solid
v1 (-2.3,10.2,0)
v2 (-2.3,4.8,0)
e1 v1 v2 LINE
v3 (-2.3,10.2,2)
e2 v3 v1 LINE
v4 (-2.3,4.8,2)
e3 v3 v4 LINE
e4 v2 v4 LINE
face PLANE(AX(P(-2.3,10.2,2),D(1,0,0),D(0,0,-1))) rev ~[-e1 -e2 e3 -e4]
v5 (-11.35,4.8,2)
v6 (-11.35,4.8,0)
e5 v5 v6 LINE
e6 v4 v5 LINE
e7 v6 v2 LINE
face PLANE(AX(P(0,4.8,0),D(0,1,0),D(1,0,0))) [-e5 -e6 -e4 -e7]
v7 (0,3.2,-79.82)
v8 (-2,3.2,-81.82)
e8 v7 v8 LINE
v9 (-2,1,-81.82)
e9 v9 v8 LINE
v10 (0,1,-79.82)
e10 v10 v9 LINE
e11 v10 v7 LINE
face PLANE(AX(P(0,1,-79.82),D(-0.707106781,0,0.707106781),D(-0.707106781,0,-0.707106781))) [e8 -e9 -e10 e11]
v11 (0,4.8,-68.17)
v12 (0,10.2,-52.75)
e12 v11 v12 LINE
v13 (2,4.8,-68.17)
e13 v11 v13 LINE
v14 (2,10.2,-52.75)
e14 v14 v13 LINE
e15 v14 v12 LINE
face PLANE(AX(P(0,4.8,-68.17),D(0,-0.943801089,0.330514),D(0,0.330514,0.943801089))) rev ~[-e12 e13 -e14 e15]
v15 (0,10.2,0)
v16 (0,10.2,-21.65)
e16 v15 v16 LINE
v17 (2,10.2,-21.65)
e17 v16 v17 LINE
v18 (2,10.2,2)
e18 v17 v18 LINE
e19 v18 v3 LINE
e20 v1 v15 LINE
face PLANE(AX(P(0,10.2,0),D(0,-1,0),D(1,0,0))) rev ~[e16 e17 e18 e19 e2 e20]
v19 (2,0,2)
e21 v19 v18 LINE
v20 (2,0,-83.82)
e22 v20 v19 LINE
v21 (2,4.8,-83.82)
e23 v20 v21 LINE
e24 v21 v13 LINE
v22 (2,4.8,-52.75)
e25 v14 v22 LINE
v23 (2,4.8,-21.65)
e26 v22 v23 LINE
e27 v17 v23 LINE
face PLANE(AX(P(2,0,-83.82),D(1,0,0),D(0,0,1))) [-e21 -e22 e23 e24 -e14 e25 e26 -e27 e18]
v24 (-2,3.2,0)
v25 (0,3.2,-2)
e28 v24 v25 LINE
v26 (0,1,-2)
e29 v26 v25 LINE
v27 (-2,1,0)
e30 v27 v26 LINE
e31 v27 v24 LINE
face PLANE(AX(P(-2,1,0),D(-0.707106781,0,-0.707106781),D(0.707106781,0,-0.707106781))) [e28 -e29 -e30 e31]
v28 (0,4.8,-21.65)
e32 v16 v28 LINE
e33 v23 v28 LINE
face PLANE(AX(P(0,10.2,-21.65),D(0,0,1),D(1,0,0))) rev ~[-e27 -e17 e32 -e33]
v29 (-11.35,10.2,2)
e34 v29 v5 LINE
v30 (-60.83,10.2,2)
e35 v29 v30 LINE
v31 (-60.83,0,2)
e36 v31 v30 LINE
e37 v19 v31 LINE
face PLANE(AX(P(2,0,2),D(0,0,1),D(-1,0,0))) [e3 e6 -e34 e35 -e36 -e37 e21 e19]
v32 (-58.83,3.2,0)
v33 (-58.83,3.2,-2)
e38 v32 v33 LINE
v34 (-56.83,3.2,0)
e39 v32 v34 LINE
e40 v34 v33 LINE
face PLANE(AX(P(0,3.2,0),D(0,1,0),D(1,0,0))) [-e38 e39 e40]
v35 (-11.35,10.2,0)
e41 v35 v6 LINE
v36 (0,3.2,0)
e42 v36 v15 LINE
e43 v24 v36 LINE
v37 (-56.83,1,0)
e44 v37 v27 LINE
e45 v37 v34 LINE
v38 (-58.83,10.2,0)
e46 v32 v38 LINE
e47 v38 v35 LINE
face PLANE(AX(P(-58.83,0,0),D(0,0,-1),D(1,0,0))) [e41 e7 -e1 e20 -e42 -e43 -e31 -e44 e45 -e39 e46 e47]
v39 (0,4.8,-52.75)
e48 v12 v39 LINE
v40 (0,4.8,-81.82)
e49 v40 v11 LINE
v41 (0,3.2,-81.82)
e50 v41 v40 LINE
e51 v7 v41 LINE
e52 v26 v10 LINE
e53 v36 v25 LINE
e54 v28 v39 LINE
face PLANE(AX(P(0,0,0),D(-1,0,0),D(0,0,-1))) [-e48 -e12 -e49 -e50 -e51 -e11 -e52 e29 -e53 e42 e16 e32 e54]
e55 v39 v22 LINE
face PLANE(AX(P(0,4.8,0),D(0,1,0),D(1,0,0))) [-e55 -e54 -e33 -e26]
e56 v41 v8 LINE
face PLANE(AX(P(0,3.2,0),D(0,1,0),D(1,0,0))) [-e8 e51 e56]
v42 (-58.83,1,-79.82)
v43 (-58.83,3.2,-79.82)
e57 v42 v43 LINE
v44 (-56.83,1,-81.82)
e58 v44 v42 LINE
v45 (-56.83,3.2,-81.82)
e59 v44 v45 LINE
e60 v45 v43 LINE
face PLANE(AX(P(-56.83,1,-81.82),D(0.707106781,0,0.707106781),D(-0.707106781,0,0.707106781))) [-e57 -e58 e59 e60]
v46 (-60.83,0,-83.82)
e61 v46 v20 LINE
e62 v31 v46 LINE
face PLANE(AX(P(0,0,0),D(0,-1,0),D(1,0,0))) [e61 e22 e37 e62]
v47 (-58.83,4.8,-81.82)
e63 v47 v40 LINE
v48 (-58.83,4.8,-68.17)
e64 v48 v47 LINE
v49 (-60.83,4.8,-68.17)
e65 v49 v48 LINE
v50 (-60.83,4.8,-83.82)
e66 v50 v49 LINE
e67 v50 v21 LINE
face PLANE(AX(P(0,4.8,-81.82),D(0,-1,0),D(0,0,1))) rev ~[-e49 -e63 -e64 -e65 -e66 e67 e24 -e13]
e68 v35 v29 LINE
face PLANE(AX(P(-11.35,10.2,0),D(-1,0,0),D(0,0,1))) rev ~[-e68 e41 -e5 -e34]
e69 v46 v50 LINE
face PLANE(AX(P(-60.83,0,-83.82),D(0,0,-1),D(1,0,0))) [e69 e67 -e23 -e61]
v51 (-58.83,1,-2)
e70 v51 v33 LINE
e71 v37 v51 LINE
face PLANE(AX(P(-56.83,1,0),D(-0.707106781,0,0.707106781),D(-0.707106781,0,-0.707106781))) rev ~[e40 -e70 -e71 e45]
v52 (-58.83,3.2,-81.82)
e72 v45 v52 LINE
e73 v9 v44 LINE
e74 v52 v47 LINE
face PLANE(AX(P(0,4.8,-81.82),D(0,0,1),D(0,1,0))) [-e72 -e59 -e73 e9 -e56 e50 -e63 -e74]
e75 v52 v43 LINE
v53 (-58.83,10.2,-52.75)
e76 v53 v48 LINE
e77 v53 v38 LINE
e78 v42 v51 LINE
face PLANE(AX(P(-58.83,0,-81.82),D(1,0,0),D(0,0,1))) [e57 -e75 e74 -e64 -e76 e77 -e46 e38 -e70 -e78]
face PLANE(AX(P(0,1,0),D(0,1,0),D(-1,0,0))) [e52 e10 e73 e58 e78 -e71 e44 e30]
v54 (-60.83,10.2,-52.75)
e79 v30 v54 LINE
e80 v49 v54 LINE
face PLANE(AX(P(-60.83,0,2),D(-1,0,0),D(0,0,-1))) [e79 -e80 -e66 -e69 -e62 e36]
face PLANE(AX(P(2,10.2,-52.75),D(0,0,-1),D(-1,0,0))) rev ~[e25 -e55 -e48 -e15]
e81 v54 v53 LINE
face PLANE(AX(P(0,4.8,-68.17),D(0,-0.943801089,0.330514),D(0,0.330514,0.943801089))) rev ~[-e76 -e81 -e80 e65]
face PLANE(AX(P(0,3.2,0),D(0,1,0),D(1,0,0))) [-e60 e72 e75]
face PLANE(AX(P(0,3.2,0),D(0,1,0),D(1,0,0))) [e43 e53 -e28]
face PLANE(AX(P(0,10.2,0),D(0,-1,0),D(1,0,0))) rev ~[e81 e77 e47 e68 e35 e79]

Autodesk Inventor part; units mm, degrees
ref_plane "YZ Plane" through (0, 0, 0) normal (1, 0, 0) x (0, 1, 0)
ref_plane "XZ Plane" through (0, 0, 0) normal (0, 1, 0) x (-1, 0, 0)
ref_plane "XY Plane" through (0, 0, 0) normal (0, 0, 1) x (1, 0, 0)
sketch "Sketch1" plane through (0, 0, 0) normal (0, 1, 0) x (-1, 0, 0)
  line L0 (58.83, 0) -> (0, 0)
  line L1 (0, 0) -> (0, -81.82)
  line L2 (0, -81.82) -> (58.83, -81.82)
  line L3 (58.83, -81.82) -> (58.83, 0)
  point P0 (0, 0)
  dimension "d0" = 58.83
  dimension "d1" = 81.82
extrude "Extrusion1" add sketch "Sketch1" along normal blind 1
sketch "Sketch2" plane through (0, 1, 0) normal (0, 1, 0) x (1, 0, 0)
  line L0 (-56.83, 0) -> (-58.83, 2)
  line L1 (-56.83, 81.82) -> (-58.83, 79.82)
  line L2 (0, 79.82) -> (-2, 81.82)
  line L3 (-2, 0) -> (0, 2)
  line L4 (-58.83, 0) -> (0, 0) projected
  line L5 (-58.83, 0) -> (-58.83, 2)
  line L6 (-58.83, 81.82) -> (-58.83, 0) projected
  line L7 (-58.83, 0) -> (-56.83, 0)
  line L8 (-58.83, 81.82) -> (-58.83, 79.82)
  line L9 (-58.83, 2) -> (-58.83, 0)
  line L10 (-58.83, 0) -> (-56.83, 0)
  line L11 (-2, 0) -> (0, 0)
  line L12 (0, 0) -> (0, 2)
  line L13 (0, 79.82) -> (0, 81.82)
  line L14 (0, 81.82) -> (-2, 81.82)
  line L15 (-56.83, 81.82) -> (-58.83, 81.82)
  dimension "d4" = 2
  dimension "d5" = 2
  dimension "d6" = 2
  dimension "d7" = 2
  dimension "d8" = 2
  dimension "d9" = 2
  dimension "d10" = 2
  dimension "d11" = 2
extrude "Extrusion2" add sketch "Sketch2" along normal blind 2.2
sketch "Sketch3" plane through (0, 0, 0) normal (0, -1, 0) x (1, 0, 0)
  line L0 (-58.83, 0) -> (0, 0) projected
  line L1 (-58.83, -81.82) -> (-58.83, 0) projected
  line L2 (0, -81.82) -> (-58.83, -81.82) projected
  line L3 (0, 0) -> (0, -81.82) projected
  line L4 (2, 2) -> (-60.83, 2)
  line L5 (-60.83, 2) -> (-60.83, -83.82)
  line L6 (-60.83, -83.82) -> (2, -83.82)
  line L7 (2, -83.82) -> (2, 2)
  point P0 (0, 0)
  dimension "d14" = 2
extrude "Extrusion3" add sketch "Sketch3" against normal blind 10.2
sketch "Sketch4" plane through (0, 10.2, 0) normal (0, 1, 0) x (1, 0, 0)
  line L0 (-58.83, 0) -> (-58.83, 81.82) projected
  line L1 (-58.83, 81.82) -> (0, 81.82) projected
  line L2 (0, 81.82) -> (0, 0) projected
  line L3 (0, 0) -> (-58.83, 0) projected
  line L4 (-60.83, -2) -> (2, -2) projected
  line L5 (2, -2) -> (2, 83.82) projected
  line L6 (2, 83.82) -> (-60.83, 83.82) projected
  line L7 (-60.83, 83.82) -> (-60.83, -2) projected
  line L8 (0, 0) -> (-2.3, 0)
  line L9 (-56.83, 0) -> (-2, 0) projected
  line L10 (2, -2) -> (-60.83, -2) projected
  line L11 (-2.3, 0) -> (-11.35, 0)
  line L12 (-11.35, 0) -> (-11.35, -2)
  line L13 (-11.35, -2) -> (-2.3, -2)
  line L14 (-2.3, -2) -> (-2.3, 0)
  point P0 (0, 0)
  dimension "d17" = 2.3
  dimension "d18" = 9.05
extrude "Extrusion4" cut sketch "Sketch4" against normal blind 7 contours L3 L14 L4 L12
sketch "Sketch5" plane through (0, 10.2, 0) normal (0, 1, 0) x (1, 0, 0)
  line L0 (0, 0) -> (0, 21.65)
  line L1 (0, 81.82) -> (0, 0) projected
  line L2 (2, -2) -> (2, 83.82) projected
  line L3 (0, 21.65) -> (2, 21.65)
  line L4 (2, 21.65) -> (2, 52.75)
  line L5 (2, 52.75) -> (0, 52.75)
  line L6 (0, 52.75) -> (0, 21.65)
  dimension "d21" = 21.65
  dimension "d22" = 31.1
extrude "Extrusion5" cut sketch "Sketch5" against normal blind 7
sketch "Sketch7" plane through (0, 3.2, -81.82) normal (-1, 0, 0) x (0, 0, 1)
  line L0 (60.17, 7) -> (60.17, 0) projected
  line L1 (60.17, 0) -> (29.07, 0) projected
  line L2 (29.07, 0) -> (29.07, 7) projected
  line L3 (0, 7) -> (29.07, 7) projected
  line L4 (2, -2.2) -> (2, 0) projected
  line L5 (79.82, -2.2) -> (2, -2.2) projected
  line L6 (79.82, -2.2) -> (79.82, 0) projected
  line L7 (81.82, 0) -> (79.82, 0) projected
  line L8 (81.82, 0) -> (81.82, 7) projected
  line L9 (60.17, 7) -> (81.82, 7) projected
  line L10 (0, 0) -> (0, 1.6)
  line L11 (0, 0) -> (0, 7) projected
  line L12 (0, 1.6) -> (13.65, 1.6)
  line L13 (29.07, 7) -> (29.07, 0) projected
  line L14 (13.65, 1.6) -> (29.07, 7)
  line L15 (29.07, 7) -> (-2, 7) projected
  line L16 (29.07, 7) -> (-2, 7)
  line L17 (-2, 7) -> (-2, 1.6)
  line L18 (-2, 1.6) -> (0, 1.6)
  point P0 (81.82, -3.2)
  dimension "d25" = 1.6
  dimension "d26" = 13.65
  dimension "d27" = 90
extrude "Extrusion6" cut sketch "Sketch7" against normal blind 7 and the other way blind 61 contours L3 L14 L12 L11
sketch "Sketch8" plane through (-60.83, 0, -83.82) normal (-1, 0, 0) x (0, 0, 1)
  line L0 (2, 4.8) -> (15.65, 4.8) projected
  line L1 (15.65, 4.8) -> (31.07, 10.2) projected
  line L2 (31.07, 10.2) -> (85.82, 10.2) projected
  line L3 (85.82, 10.2) -> (85.82, 0) projected
  line L4 (85.82, 0) -> (0, 0) projected
  line L5 (0, 0) -> (0, 10.2) projected
  line L6 (0, 10.2) -> (2, 10.2) projected
  line L7 (2, 10.2) -> (2, 4.8) projected
  line L8 (2, 4.8) -> (2, 10.2) projected
  line L9 (0, 10.2) -> (2, 10.2) projected
  line L10 (0, 0) -> (0, 10.2) projected
  line L11 (85.82, 0) -> (0, 0) projected
  line L12 (85.82, 0) -> (85.82, 10.2) projected
  line L13 (31.07, 10.2) -> (85.82, 10.2) projected
  line L14 (31.07, 10.2) -> (15.65, 4.8) projected
  line L15 (15.65, 4.8) -> (2, 4.8) projected
  line L16 (0, 10.2) -> (2, 10.2) projected
  line L17 (0, 10.2) -> (2, 10.2)
  line L18 (2, 10.2) -> (2, 4.8)
  line L19 (2, 4.8) -> (0, 4.8)
  line L20 (0, 4.8) -> (0, 10.2)
  point P0 (83.82, 0)
extrude "Extrusion7" cut sketch "Sketch8" against normal blind 63 contours L19 L5 L6 L7
sketch "Sketch9" plane through (0, 3.2, 0) normal (0, 1, 0) x (1, 0, 0)
  line L0 (-11.35, 0) -> (-2.3, 0) projected
  line L1 (-11.35, -2) -> (-11.35, 0) projected
  line L2 (-2.3, -2) -> (-11.35, -2) projected
  line L3 (-2.3, 0) -> (-2.3, -2) projected
  line L4 (2, 21.65) -> (0, 21.65) projected
  line L5 (2, 52.75) -> (2, 21.65) projected
  line L6 (0, 52.75) -> (2, 52.75) projected
  line L7 (0, 21.65) -> (0, 52.75) projected
  point P0 (0, 0)
extrude "Extrusion8" add sketch "Sketch9" along normal blind 1.6
equation "\"d5\" = d4"
equation "\"d6\" = d4"
equation "\"d7\" = d6"
equation "\"d8\" = d4"
equation "\"d9\" = d8"
equation "\"d10\" = d4"
equation "\"d11\" = d10"
properties part number "Enclosure"
